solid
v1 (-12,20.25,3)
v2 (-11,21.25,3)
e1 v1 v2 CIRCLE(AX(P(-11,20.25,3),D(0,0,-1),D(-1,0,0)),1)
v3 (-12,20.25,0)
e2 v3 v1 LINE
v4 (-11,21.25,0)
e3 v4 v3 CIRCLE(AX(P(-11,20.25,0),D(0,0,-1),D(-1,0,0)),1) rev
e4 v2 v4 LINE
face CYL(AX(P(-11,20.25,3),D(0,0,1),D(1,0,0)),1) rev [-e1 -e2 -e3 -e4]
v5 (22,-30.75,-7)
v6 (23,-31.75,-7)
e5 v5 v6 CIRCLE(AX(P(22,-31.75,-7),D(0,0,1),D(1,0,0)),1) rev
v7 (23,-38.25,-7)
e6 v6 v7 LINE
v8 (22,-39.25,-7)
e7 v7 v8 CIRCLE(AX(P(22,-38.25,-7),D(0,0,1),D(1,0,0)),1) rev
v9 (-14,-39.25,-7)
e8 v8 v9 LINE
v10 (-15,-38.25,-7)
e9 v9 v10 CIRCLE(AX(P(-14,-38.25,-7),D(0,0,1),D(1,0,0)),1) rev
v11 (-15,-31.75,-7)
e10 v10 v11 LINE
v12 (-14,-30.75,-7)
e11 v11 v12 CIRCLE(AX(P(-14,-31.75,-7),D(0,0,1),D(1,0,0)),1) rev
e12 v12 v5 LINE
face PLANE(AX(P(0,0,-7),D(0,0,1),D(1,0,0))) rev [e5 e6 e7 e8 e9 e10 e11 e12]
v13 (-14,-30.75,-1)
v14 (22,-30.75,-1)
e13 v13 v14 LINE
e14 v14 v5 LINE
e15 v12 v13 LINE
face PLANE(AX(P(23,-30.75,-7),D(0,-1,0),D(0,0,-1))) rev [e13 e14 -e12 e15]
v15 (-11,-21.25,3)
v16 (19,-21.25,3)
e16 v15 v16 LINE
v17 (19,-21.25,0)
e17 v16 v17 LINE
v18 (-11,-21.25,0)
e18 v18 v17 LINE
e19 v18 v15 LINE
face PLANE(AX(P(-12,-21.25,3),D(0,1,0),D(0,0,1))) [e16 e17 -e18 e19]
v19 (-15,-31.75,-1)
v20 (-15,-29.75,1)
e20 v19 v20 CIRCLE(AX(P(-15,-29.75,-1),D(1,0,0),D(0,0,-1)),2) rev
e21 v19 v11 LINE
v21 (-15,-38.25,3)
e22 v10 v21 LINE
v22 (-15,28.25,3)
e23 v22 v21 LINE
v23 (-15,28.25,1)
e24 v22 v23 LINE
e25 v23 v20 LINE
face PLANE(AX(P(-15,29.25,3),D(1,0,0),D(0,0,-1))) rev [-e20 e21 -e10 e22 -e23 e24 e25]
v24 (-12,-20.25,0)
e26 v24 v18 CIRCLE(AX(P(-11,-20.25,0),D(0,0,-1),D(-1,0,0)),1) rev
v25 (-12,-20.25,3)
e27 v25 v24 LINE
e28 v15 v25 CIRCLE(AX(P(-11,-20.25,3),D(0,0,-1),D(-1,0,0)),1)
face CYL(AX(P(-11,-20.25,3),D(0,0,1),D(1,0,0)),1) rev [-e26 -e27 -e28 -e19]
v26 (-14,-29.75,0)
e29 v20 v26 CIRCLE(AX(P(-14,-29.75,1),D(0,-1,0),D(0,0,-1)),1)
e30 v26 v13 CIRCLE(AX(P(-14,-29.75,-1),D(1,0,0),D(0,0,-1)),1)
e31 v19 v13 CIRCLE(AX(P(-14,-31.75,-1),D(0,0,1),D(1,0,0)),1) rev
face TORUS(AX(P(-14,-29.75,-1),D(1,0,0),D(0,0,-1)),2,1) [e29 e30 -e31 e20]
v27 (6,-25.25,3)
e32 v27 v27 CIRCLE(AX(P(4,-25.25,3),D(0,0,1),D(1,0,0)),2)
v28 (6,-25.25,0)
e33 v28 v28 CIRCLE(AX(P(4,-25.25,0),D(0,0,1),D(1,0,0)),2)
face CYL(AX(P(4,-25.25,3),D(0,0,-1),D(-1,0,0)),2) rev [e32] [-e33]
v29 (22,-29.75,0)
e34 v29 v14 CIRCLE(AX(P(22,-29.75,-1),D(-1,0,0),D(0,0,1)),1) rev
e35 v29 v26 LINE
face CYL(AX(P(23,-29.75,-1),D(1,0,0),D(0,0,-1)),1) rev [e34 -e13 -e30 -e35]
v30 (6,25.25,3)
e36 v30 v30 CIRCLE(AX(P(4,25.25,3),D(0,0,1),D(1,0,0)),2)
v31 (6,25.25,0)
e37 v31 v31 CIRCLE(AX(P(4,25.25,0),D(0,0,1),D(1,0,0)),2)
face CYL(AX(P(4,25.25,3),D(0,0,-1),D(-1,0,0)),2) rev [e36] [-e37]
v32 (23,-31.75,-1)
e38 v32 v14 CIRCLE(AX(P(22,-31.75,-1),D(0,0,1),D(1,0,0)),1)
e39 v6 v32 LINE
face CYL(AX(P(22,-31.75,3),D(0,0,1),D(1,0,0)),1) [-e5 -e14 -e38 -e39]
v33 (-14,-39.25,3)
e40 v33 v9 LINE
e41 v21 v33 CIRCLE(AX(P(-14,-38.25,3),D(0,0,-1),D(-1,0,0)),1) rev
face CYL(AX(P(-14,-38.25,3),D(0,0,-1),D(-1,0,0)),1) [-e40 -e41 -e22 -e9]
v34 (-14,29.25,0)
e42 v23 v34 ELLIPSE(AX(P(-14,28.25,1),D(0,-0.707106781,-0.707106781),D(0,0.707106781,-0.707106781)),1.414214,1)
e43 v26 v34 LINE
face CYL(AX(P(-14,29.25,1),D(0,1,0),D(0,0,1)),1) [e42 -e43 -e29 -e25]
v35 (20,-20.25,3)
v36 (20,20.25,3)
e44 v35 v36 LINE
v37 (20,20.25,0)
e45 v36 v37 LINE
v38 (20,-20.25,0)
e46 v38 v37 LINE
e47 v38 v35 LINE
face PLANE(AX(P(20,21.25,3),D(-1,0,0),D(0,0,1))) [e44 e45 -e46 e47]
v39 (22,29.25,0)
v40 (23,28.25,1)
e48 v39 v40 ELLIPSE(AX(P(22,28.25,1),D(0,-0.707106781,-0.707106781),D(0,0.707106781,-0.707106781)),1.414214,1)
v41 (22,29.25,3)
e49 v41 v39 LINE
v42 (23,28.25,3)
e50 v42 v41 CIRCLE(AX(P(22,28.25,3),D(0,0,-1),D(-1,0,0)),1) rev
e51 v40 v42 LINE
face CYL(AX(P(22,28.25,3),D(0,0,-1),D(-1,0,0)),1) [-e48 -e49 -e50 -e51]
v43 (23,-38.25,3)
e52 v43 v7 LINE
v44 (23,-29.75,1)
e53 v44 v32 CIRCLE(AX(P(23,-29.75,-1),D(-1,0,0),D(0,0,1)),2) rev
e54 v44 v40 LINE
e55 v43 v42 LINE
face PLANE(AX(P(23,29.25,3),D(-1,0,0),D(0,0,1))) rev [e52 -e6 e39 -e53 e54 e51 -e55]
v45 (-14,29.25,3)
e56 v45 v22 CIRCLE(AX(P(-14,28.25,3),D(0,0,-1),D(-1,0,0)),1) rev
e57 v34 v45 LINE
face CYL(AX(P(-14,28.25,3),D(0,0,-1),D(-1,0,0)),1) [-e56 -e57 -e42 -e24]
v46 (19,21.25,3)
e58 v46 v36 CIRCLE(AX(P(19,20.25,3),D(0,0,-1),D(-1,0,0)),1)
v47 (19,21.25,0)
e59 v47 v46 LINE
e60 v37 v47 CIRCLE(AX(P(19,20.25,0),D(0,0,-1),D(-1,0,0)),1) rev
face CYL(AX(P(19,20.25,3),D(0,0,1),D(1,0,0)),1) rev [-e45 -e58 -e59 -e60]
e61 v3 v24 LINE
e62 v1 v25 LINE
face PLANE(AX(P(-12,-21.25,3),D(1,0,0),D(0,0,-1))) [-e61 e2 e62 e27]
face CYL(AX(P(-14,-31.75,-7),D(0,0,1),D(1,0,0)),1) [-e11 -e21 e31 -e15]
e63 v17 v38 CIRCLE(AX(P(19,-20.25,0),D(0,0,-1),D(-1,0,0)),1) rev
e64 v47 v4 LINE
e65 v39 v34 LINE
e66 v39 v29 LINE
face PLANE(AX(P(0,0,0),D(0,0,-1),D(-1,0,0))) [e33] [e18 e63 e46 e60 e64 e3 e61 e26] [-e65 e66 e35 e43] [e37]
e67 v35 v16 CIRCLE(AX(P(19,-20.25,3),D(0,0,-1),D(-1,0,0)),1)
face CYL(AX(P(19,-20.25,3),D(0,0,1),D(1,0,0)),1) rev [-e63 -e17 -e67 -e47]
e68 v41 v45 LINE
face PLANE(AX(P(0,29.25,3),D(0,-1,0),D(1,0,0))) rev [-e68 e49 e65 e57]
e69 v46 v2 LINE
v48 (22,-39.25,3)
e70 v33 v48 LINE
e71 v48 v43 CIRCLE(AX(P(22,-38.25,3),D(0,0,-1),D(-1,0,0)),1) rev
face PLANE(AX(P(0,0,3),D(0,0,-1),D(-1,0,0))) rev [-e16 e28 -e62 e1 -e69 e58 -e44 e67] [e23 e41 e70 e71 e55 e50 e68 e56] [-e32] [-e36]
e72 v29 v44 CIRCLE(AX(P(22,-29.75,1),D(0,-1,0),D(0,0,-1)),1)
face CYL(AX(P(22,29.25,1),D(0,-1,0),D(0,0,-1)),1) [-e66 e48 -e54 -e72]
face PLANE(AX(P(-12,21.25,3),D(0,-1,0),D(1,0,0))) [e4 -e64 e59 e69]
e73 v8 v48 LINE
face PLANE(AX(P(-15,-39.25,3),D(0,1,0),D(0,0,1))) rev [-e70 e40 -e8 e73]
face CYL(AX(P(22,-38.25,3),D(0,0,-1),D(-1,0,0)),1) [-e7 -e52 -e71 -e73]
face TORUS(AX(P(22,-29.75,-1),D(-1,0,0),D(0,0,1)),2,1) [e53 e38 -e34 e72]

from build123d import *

# Parameters (mm, degrees)
SKETCH_1_R      = 2
SKETCH_1_W      = 32
SKETCH_1_H      = 42.5
EXTRUDE_1_DEPTH = 3
SKETCH_2_W      = 38
SKETCH_2_H      = 8.5
EXTRUDE_2_DEPTH = 7
FILLET_1_R      = 1


with BuildPart() as part:
    # 草图1 → 凸台-拉伸1 (new body)
    with BuildSketch(Plane.XY):
        Polygon((0, 29.25), (23, 29.25), (23, -39.25), (-15, -39.25), (-15, 29.25), align=None)
        with Locations((4, 25.25)):
            Circle(SKETCH_1_R, mode=Mode.SUBTRACT)
        with Locations((4, -25.25)):
            Circle(SKETCH_1_R, mode=Mode.SUBTRACT)
        with Locations((4, 0)):
            Rectangle(SKETCH_1_W, SKETCH_1_H, mode=Mode.SUBTRACT)
    extrude(amount=EXTRUDE_1_DEPTH)

    # 草图2 → 凸台-拉伸2 (add)
    with BuildSketch(Plane(origin=(0, 0, 0), x_dir=(-1, 0, 0), z_dir=(0, 0, -1))):
        with Locations((-4, -35)):
            Rectangle(SKETCH_2_W, SKETCH_2_H)
    extrude(amount=EXTRUDE_2_DEPTH)

    # 圆角1
    fillet_1_edges = [part.edges().sort_by_distance(p)[0] for p in [
        (-12, -21.25, 1.5),
        (20, -21.25, 1.5),
        (20, 21.25, 1.5),
        (-12, 21.25, 1.5),
        (23, -0.75, 0),
        (23, -30.75, -3.5),
        (4, -30.75, 0),
        (-15, -30.75, -3.5),
        (-15, -0.75, 0),
        (-15, -39.25, -2),
        (-15, 29.25, 1.5),
        (23, 29.25, 1.5),
        (23, -39.25, -2),
    ]]
    fillet(fillet_1_edges, radius=FILLET_1_R)


solid = part.part
